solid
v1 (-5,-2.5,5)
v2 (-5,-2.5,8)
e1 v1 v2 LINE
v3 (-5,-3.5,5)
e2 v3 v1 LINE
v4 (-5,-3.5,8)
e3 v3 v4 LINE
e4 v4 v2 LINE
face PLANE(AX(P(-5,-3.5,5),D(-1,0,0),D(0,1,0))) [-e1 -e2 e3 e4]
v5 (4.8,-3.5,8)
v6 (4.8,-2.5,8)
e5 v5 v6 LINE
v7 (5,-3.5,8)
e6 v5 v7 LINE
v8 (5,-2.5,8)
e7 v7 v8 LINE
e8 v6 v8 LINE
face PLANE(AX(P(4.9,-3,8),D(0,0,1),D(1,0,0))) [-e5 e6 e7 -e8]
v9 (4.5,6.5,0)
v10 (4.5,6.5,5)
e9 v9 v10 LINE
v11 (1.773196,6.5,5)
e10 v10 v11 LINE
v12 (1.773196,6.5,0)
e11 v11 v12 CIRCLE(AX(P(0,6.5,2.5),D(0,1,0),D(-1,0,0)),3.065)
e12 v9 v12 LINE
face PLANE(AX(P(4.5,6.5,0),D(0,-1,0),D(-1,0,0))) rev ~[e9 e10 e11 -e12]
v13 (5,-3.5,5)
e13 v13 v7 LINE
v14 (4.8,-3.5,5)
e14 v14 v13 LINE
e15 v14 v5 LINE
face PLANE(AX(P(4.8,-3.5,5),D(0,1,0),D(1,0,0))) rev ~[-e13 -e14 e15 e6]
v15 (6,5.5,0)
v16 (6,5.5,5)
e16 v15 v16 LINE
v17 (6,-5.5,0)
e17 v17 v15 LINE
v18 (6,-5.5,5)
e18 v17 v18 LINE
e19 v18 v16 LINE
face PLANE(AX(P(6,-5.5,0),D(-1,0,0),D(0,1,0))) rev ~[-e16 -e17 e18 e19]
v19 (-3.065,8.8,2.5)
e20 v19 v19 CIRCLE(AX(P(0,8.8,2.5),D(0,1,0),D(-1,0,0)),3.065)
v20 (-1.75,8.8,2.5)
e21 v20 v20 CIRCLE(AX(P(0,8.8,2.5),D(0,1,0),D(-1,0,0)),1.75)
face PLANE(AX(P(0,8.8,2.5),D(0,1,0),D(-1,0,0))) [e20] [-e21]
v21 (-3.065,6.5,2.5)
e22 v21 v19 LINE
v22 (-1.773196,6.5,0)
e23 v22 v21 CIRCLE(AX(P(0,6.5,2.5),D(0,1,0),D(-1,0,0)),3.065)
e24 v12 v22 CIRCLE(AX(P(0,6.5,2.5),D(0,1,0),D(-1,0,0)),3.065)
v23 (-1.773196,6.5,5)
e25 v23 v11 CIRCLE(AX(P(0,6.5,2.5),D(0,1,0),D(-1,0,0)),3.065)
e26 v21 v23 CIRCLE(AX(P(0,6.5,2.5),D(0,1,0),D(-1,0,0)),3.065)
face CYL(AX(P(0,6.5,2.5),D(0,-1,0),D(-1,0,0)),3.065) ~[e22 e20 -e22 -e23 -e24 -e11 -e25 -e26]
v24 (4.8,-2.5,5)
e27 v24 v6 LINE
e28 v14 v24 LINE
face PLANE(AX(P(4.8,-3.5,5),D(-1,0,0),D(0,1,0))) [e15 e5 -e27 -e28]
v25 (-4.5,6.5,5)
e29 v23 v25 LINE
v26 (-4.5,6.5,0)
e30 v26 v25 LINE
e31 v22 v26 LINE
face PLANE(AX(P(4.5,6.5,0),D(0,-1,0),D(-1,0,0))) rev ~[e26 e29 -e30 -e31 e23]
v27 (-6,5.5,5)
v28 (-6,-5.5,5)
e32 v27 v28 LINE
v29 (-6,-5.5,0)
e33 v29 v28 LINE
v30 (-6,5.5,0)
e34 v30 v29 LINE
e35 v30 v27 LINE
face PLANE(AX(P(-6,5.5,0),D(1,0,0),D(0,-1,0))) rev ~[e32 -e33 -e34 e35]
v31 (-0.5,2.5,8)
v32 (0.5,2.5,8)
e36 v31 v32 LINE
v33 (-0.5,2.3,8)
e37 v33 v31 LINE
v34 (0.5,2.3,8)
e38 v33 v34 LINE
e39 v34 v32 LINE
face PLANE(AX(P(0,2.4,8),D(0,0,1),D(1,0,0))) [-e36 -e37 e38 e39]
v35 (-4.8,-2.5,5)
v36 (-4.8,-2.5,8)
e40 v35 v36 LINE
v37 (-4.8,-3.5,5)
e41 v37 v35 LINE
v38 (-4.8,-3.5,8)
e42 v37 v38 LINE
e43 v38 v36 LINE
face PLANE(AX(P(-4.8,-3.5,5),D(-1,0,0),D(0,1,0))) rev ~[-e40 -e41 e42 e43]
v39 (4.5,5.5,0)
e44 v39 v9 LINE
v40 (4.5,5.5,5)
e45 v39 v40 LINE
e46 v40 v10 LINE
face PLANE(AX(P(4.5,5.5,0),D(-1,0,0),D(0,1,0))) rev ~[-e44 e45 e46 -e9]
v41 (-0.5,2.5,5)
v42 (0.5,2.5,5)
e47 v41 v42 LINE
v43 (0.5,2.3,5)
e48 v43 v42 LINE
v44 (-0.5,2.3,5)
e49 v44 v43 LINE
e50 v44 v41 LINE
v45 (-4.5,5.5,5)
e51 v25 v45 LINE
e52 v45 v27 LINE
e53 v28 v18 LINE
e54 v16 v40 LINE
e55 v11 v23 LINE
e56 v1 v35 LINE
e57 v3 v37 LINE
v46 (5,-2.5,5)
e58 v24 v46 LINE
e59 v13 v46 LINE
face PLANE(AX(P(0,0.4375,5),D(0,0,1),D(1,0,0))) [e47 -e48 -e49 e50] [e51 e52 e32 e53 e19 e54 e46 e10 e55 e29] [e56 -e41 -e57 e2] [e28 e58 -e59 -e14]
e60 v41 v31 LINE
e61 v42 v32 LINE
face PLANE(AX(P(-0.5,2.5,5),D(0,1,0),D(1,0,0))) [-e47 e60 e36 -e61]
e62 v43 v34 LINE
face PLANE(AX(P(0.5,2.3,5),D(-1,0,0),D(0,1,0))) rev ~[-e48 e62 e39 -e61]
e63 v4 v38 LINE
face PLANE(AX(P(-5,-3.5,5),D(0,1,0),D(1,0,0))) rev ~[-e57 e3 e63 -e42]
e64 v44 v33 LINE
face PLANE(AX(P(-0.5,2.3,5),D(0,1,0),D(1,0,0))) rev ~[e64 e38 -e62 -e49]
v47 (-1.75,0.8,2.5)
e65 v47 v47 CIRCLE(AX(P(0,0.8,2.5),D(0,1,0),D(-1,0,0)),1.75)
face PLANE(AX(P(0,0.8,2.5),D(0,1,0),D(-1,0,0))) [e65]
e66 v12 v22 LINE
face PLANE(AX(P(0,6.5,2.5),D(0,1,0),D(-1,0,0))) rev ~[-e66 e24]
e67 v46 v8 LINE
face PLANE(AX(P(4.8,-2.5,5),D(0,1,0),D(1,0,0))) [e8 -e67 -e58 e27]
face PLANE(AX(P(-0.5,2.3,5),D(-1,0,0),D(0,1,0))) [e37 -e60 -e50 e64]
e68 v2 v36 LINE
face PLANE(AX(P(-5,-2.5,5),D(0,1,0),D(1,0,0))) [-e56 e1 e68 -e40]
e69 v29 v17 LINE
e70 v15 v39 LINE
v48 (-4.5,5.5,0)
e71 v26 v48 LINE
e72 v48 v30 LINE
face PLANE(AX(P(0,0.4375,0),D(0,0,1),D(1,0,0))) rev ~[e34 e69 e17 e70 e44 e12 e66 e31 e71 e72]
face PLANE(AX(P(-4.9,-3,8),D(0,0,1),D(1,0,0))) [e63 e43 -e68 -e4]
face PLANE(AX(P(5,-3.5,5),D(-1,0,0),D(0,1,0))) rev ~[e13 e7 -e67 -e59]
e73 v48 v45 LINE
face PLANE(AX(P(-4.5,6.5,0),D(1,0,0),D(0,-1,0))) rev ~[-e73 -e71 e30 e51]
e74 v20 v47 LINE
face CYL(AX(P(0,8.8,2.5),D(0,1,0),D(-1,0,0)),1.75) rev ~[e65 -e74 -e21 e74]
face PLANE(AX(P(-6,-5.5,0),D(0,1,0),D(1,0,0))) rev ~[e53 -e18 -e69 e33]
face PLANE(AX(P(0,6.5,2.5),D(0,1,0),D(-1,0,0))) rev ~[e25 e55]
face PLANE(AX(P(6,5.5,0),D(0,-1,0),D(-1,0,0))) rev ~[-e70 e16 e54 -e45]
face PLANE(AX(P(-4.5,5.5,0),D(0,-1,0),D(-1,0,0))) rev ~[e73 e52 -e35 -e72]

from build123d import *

# Parameters (mm, degrees)
F1_DEPTH = 5
F2_R     = 3.065
F3_DEPTH = 2.3
F4_R     = 1.75
F5_DEPTH = 8
F6_W     = 0.2
F6_H     = 1
F6_W_2   = 1
F6_H_2   = 0.2
F7_DEPTH = 3


with BuildPart() as f1:
    # F0 (on Top) → F1 (new body)
    with BuildSketch(Plane.XY):
        Polygon((6, -5.5), (6, 5.5), (4.5, 5.5), (4.5, 6.5), (-4.5, 6.5), (-4.5, 5.5), (-6, 5.5), (-6, -5.5), align=None)
    extrude(amount=F1_DEPTH)

    # F2 (on face) → F3 (join)
    with BuildSketch(Plane(origin=(0, 6.5, 0), x_dir=(-1, 0, 0), z_dir=(0, 1, 0))):
        with Locations((0, 2.5)):
            Circle(F2_R)
    extrude(amount=F3_DEPTH)

    # F4 (on face) → F5 (cut)
    with BuildSketch(Plane(origin=(0, 8.8, 0), x_dir=(-1, 0, 0), z_dir=(0, 1, 0))):
        with Locations((0, 2.5)):
            Circle(F4_R)
    extrude(amount=-F5_DEPTH, mode=Mode.SUBTRACT)

    # F6 (on face) → F7 (join)
    with BuildSketch(Plane.XY.offset(5)):
        with Locations((4.9, -3)):
            Rectangle(F6_W, F6_H)
        with Locations((-4.9, -3)):
            Rectangle(F6_W, F6_H)
        with Locations((0, 2.4)):
            Rectangle(F6_W_2, F6_H_2)
    extrude(amount=F7_DEPTH)


solid = f1.part
